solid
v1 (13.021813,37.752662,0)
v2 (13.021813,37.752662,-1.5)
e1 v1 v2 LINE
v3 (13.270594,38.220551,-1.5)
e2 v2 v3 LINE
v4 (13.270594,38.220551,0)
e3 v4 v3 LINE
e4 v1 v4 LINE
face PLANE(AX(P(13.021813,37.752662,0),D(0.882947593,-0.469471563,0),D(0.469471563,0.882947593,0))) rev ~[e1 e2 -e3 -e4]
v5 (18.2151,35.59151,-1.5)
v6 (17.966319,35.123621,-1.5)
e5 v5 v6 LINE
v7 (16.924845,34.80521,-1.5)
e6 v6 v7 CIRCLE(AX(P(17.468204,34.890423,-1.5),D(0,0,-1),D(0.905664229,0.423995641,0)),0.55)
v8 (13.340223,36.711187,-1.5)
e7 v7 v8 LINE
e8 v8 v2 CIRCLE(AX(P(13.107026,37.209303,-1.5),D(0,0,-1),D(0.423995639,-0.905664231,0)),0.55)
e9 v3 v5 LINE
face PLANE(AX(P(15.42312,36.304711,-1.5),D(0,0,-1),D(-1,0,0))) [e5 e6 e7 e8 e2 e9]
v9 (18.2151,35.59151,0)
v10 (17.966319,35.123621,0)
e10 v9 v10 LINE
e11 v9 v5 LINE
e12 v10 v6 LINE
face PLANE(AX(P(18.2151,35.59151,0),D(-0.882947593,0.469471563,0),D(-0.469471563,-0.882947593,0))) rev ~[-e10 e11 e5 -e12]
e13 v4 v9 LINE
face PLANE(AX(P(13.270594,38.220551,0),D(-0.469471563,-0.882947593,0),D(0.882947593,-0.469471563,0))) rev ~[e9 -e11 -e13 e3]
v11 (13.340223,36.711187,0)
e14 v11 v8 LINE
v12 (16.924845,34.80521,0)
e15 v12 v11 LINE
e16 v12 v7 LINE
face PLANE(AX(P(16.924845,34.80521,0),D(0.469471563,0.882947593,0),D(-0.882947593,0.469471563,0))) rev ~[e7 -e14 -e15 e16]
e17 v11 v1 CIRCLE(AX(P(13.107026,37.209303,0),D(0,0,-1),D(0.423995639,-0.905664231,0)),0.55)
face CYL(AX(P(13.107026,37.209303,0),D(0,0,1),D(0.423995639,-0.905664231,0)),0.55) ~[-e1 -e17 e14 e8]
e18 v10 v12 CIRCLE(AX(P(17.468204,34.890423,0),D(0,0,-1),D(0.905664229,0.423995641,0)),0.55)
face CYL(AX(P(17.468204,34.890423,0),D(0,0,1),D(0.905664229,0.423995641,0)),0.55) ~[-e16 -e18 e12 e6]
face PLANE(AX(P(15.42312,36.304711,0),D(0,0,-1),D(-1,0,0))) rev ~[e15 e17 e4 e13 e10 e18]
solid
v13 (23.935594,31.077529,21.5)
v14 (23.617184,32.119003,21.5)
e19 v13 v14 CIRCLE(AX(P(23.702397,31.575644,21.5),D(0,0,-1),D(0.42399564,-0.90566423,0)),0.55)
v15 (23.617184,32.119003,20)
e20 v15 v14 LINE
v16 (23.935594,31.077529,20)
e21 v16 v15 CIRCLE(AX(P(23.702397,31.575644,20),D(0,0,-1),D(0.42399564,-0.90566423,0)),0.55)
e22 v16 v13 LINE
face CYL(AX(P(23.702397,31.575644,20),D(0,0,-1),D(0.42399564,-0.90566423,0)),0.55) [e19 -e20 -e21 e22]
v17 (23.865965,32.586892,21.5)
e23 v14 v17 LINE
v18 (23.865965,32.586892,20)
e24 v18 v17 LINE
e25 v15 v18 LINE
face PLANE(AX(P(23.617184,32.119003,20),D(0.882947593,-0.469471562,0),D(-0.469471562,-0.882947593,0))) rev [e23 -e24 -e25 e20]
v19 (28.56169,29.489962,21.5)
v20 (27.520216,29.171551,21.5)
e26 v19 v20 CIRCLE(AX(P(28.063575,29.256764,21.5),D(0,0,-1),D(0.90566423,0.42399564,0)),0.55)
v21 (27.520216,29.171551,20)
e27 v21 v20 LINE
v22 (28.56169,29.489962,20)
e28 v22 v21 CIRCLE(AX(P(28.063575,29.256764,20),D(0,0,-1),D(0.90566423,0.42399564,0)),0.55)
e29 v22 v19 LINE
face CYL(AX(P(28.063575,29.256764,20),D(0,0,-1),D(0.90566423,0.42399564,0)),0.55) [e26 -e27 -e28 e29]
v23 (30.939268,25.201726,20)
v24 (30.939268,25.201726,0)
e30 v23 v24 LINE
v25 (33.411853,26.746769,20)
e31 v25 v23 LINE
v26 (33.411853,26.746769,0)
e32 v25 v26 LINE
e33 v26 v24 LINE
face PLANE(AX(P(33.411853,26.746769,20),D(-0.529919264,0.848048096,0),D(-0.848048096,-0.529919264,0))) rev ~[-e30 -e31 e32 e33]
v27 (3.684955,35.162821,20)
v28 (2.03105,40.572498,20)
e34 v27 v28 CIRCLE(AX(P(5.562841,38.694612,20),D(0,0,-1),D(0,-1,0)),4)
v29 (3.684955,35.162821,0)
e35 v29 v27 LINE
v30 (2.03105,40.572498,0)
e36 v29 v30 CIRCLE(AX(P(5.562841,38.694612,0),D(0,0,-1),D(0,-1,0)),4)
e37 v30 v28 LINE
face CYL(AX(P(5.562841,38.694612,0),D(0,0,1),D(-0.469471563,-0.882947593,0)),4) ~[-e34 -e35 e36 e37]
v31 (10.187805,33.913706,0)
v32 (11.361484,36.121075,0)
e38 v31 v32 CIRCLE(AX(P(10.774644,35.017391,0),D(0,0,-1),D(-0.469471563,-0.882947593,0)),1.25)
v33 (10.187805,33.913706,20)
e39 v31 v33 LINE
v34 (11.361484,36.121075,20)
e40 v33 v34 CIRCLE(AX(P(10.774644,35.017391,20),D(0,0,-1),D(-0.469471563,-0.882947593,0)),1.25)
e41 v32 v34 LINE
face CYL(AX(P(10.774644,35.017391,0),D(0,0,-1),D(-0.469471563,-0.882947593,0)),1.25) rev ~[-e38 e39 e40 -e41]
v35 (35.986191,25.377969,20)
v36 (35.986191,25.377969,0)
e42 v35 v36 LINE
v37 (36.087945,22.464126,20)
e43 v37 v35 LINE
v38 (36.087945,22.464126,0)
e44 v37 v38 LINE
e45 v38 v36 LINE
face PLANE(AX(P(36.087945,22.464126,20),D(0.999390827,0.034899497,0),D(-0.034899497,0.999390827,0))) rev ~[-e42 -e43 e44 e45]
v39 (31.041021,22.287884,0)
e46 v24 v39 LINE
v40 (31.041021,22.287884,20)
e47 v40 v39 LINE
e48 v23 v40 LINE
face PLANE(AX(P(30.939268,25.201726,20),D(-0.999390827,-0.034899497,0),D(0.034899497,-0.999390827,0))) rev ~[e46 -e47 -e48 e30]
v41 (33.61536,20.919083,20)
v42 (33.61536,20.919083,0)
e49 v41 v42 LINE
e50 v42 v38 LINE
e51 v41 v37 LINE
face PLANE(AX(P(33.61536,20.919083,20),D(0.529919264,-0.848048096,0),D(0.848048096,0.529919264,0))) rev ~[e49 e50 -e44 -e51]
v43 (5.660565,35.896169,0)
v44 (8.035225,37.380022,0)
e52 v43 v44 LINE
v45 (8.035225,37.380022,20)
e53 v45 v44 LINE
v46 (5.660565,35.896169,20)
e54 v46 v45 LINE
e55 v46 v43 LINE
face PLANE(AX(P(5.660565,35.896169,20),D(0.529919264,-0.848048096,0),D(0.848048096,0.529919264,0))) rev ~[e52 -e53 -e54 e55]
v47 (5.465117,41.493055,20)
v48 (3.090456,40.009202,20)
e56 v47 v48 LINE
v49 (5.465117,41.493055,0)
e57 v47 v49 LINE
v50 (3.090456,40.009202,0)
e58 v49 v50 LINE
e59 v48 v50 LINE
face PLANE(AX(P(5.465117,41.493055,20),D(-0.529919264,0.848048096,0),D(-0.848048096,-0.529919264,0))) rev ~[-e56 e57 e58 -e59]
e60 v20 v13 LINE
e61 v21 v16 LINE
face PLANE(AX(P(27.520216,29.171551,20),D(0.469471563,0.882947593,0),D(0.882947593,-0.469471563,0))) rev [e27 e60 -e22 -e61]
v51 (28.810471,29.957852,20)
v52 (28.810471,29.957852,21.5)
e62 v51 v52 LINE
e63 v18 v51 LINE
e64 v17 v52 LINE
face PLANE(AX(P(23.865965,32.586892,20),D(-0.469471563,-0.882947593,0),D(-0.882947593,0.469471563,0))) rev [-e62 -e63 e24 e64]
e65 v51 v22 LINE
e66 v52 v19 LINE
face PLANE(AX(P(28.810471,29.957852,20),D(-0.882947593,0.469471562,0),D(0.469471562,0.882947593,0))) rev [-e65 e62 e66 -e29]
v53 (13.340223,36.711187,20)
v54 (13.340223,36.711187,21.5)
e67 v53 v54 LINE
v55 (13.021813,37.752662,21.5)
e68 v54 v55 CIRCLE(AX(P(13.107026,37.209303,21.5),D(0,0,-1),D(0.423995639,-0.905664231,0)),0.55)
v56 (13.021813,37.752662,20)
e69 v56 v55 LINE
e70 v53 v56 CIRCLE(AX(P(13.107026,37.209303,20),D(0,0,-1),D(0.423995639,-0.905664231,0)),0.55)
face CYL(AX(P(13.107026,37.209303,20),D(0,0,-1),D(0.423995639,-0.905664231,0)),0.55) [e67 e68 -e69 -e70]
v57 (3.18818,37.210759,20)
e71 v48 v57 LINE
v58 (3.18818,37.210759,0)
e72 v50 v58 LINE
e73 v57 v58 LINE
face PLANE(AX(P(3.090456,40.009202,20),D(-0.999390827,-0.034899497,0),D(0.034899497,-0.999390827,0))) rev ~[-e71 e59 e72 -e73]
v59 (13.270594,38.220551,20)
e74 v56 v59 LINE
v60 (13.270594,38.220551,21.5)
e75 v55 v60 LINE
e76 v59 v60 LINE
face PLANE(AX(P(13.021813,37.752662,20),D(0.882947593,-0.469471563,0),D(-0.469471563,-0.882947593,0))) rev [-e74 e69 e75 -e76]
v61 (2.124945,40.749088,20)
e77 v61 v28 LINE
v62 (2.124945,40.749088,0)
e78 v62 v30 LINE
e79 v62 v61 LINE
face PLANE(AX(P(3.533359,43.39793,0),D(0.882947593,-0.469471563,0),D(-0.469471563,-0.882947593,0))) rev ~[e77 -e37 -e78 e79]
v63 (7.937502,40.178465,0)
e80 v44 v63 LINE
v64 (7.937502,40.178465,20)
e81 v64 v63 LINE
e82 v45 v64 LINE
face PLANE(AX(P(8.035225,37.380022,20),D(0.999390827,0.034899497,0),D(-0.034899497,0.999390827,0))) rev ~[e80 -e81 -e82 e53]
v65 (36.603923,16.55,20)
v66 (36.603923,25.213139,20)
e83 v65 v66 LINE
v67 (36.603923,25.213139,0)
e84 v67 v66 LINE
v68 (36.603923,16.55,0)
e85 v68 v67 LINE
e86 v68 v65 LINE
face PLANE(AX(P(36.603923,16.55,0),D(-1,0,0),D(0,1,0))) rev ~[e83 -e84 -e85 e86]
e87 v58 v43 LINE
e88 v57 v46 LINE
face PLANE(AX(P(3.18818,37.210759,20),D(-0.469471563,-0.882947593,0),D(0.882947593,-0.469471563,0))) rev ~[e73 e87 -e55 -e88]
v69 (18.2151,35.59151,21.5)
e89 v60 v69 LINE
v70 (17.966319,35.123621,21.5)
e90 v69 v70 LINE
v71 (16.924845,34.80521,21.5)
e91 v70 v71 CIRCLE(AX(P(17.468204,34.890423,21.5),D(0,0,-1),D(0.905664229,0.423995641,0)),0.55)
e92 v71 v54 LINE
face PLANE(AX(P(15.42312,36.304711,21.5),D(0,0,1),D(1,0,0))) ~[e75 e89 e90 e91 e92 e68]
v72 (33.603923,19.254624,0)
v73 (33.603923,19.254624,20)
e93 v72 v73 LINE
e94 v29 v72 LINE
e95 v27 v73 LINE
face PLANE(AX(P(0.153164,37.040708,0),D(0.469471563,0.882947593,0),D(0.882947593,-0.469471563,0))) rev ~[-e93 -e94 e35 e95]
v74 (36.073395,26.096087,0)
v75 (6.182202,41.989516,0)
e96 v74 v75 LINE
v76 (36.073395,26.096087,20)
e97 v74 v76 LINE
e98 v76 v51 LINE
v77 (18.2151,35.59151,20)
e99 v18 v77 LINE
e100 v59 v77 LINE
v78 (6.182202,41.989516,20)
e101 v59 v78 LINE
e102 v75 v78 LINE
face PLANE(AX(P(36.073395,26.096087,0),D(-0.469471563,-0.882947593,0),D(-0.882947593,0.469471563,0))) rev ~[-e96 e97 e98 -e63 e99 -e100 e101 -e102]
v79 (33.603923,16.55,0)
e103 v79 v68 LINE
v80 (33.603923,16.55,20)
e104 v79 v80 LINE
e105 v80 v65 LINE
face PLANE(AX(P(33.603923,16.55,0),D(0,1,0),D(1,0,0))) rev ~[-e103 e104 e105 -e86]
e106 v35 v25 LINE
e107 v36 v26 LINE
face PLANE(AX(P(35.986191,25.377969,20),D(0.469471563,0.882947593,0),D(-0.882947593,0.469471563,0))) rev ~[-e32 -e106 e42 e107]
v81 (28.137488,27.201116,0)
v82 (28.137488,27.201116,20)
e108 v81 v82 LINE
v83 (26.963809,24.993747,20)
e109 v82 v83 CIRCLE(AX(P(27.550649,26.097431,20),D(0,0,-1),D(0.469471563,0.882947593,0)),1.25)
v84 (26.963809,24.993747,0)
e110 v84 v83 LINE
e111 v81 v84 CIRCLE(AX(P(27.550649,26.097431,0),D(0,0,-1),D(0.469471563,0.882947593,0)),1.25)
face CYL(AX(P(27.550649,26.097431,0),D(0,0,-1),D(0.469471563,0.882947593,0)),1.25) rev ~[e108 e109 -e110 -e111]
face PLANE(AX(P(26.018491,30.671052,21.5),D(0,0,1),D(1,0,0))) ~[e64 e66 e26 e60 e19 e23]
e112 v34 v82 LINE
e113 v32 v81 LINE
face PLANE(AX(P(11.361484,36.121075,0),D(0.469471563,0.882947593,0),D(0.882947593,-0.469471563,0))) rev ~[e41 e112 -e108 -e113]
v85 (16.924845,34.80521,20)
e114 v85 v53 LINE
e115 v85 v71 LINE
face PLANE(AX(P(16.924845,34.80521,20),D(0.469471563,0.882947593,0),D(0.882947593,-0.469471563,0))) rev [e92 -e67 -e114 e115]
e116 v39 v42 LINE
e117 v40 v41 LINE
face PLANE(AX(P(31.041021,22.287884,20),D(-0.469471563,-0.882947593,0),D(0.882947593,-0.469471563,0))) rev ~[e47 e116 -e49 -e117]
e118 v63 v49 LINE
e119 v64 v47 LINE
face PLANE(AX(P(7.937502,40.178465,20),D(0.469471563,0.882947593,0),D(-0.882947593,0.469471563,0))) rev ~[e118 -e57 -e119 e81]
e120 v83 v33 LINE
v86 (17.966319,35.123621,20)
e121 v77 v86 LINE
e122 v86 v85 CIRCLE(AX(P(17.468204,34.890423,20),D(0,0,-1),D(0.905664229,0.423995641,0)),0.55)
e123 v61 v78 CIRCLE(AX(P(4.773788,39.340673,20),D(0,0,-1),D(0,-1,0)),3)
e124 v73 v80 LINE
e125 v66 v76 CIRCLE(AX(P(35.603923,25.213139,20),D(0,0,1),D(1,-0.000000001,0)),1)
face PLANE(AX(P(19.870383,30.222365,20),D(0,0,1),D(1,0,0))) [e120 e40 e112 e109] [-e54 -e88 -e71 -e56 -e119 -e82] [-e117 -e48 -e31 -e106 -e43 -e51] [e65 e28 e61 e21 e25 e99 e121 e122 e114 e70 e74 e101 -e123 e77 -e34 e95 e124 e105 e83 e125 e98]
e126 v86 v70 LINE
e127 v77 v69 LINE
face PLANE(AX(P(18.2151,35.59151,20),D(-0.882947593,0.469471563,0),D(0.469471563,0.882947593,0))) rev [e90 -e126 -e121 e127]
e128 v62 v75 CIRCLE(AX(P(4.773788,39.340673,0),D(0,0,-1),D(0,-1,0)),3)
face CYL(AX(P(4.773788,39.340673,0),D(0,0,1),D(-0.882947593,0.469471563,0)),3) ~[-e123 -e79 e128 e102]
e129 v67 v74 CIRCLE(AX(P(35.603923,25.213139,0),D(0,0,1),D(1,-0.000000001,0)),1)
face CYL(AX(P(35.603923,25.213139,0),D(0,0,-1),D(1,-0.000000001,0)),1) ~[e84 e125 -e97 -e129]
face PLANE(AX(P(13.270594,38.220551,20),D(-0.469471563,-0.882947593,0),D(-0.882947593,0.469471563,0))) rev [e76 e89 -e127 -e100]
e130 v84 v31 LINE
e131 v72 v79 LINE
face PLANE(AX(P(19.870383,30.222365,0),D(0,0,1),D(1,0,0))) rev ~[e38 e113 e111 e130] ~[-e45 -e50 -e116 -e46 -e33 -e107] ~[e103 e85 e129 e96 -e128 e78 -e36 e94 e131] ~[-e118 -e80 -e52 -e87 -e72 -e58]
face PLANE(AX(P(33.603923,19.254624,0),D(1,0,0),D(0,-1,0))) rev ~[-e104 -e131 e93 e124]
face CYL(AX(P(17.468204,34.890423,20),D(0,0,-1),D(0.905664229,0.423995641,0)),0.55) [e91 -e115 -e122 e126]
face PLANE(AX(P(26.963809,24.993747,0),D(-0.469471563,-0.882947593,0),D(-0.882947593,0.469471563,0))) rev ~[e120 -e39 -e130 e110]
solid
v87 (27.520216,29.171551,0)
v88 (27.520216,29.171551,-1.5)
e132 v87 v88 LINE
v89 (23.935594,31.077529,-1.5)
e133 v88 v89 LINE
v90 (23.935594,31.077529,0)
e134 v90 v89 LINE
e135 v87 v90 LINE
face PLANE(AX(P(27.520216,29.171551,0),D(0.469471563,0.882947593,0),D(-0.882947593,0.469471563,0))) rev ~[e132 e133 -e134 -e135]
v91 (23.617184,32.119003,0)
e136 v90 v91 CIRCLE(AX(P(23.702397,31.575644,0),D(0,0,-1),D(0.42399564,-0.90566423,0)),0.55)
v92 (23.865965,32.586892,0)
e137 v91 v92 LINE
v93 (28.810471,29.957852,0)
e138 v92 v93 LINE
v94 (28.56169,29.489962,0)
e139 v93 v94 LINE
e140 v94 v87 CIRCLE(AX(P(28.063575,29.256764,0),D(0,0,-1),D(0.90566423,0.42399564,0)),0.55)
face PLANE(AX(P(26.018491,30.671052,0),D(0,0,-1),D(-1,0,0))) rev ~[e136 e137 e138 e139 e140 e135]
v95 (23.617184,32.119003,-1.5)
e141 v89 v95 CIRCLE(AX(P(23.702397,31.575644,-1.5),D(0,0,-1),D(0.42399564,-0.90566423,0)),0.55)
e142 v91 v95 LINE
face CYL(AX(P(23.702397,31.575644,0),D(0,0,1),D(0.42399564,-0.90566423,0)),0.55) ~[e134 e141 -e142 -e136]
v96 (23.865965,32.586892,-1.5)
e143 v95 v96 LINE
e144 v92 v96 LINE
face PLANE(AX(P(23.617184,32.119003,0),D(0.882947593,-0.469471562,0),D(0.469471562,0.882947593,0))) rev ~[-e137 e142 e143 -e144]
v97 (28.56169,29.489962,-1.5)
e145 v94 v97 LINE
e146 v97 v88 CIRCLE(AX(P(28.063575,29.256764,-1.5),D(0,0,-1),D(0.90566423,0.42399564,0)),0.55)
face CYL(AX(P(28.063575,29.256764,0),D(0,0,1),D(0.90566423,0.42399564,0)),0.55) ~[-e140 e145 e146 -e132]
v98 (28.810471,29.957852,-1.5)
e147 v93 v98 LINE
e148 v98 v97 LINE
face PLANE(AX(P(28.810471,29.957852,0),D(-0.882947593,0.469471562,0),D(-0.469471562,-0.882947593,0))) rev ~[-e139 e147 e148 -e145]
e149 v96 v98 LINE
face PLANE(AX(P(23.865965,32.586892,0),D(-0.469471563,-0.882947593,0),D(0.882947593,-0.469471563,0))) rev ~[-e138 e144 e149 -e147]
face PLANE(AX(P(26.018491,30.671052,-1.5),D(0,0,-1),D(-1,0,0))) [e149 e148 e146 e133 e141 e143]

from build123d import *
from OCP.BRepFilletAPI import BRepFilletAPI_MakeFillet

# Parameters (mm, degrees)
BASE_SHAPE_DEPTH          = 20
EARS_DEPTH                = 1.5
EARS_2_DEPTH              = 1.5
GOPRO_BATTERY_STRAP_DEPTH = 20
CUT_EXTRUDE2_DEPTH        = 20
FILLET1_R1                = 3
FILLET1_R2                = 4


with BuildPart() as part:
    # Sketch1 → Base shape (new body)
    with BuildSketch(Plane.XY):
        with BuildLine():
            Line((0.153164223, 37.040707748), (33.603923048, 19.254623784))
            Line((33.603923048, 19.254623784), (33.603923048, 16.55))
            Line((33.603923048, 16.55), (36.603923048, 16.55))
            Line((36.603923048, 16.55), (36.603923048, 25.213139235))
            ThreePointArc((36.603923048, 25.213139235), (36.461090349, 25.72817731), (36.073394611, 26.096086828))
            Line((36.073394611, 26.096086828), (3.533359475, 43.397930417))
            Line((3.533359475, 43.397930417), (0.153164223, 37.040707748))
        make_face()
    extrude(amount=BASE_SHAPE_DEPTH)


with BuildPart() as body_2:
    # Sketch2 → Ears (new body)
    with BuildSketch(Plane(origin=(0, 0, 0), x_dir=(-1, 0, 0), z_dir=(0, 0, -1))):
        with BuildLine():
            ThreePointArc((-13.340223149, 36.71118744), (-12.581057932, 37.048498329), (-13.021812565, 37.752661532))
            Line((-13.021812565, 37.752661532), (-13.270593843, 38.220551065))
            Line((-13.270593843, 38.220551065), (-18.215100363, 35.591510313))
            Line((-18.215100363, 35.591510313), (-17.966319085, 35.12362078))
            ThreePointArc((-17.966319085, 35.12362078), (-17.629008197, 34.364455562), (-16.924844994, 34.805210196))
            Line((-16.924844994, 34.805210196), (-13.340223149, 36.71118744))
        make_face()
    ears = extrude(amount=EARS_DEPTH)


with BuildPart() as body_3:
    # Sketch2 → Ears 2 (new body)
    with BuildSketch(Plane(origin=(0, 0, 0), x_dir=(-1, 0, 0), z_dir=(0, 0, -1))):
        with BuildLine():
            Line((-23.61718368, 32.119002778), (-23.865964957, 32.586892311))
            Line((-23.865964957, 32.586892311), (-28.810471477, 29.95785156))
            Line((-28.810471477, 29.95785156), (-28.5616902, 29.489962027))
            ThreePointArc((-28.5616902, 29.489962027), (-28.224379311, 28.730796809), (-27.520216108, 29.171551443))
            Line((-27.520216108, 29.171551443), (-23.935594263, 31.077528687))
            ThreePointArc((-23.935594263, 31.077528687), (-23.176429046, 31.414839575), (-23.61718368, 32.119002778))
        make_face()
    ears_2 = extrude(amount=EARS_2_DEPTH)


with BuildPart() as part_1:
    add(part.part)

    # Ear mirror: Ears, Ears 2 across plane
    add(ears.mirror(Plane(origin=(0, 0, 10), x_dir=(1, 0, 0), z_dir=(0, 0, -1))))
    add(ears_2.mirror(Plane(origin=(0, 0, 10), x_dir=(1, 0, 0), z_dir=(0, 0, -1))))

    # Sketch3 → GoPro battery strap (cut)
    with BuildSketch(Plane(origin=(0, 0, 0), x_dir=(-1, 0, 0), z_dir=(0, 0, -1))):
        with BuildLine():
            Line((-26.963809088, 24.993746603), (-10.187804823, 33.913706296))
            ThreePointArc((-10.187804823, 33.913706296), (-9.670959786, 35.604230241), (-11.36148373, 36.121075278))
            Line((-11.36148373, 36.121075278), (-28.137487995, 27.201115585))
            ThreePointArc((-28.137487995, 27.201115585), (-28.654333032, 25.510591641), (-26.963809088, 24.993746603))
        make_face()
    extrude(amount=-GOPRO_BATTERY_STRAP_DEPTH, mode=Mode.SUBTRACT)

    # Sketch5 → Cut-Extrude2 (cut)
    with BuildSketch(Plane.XY.offset(20)):
        Polygon((30.93926782, 25.201726304), (31.041021451, 22.287883561), (33.615360104, 20.919083418), (36.087945127, 22.464126019), (35.986191496, 25.377968762), (33.411852843, 26.746768905), align=None)
        Polygon((5.465117061, 41.493054899), (3.090456198, 40.009202104), (3.188179982, 37.210759074), (5.660564629, 35.896168838), (8.035225493, 37.380021633), (7.937501709, 40.178464663), align=None)
    extrude(amount=-CUT_EXTRUDE2_DEPTH, mode=Mode.SUBTRACT)

    # Fillet1: one fillet with a radius per group of edges: ONE call of the kernel's fillet builder (fillet() takes one radius for all edges)
    fillet1_edges_1 = [part_1.edges().sort_by_distance(p)[0] for p in [
        (3.533359475, 43.397930417, 10),
    ]]
    fillet1_edges_2 = [part_1.edges().sort_by_distance(p)[0] for p in [
        (0.153164223, 37.040707748, 10),
    ]]
    fillet1 = BRepFilletAPI_MakeFillet(part_1.part.solid().wrapped)
    for e in fillet1_edges_1:
        fillet1.Add(FILLET1_R1, e.wrapped)
    for e in fillet1_edges_2:
        fillet1.Add(FILLET1_R2, e.wrapped)
    add(Compound.cast(fillet1.Shape()), mode=Mode.REPLACE)


solid = Compound([body_2.part, body_3.part, part_1.part])
